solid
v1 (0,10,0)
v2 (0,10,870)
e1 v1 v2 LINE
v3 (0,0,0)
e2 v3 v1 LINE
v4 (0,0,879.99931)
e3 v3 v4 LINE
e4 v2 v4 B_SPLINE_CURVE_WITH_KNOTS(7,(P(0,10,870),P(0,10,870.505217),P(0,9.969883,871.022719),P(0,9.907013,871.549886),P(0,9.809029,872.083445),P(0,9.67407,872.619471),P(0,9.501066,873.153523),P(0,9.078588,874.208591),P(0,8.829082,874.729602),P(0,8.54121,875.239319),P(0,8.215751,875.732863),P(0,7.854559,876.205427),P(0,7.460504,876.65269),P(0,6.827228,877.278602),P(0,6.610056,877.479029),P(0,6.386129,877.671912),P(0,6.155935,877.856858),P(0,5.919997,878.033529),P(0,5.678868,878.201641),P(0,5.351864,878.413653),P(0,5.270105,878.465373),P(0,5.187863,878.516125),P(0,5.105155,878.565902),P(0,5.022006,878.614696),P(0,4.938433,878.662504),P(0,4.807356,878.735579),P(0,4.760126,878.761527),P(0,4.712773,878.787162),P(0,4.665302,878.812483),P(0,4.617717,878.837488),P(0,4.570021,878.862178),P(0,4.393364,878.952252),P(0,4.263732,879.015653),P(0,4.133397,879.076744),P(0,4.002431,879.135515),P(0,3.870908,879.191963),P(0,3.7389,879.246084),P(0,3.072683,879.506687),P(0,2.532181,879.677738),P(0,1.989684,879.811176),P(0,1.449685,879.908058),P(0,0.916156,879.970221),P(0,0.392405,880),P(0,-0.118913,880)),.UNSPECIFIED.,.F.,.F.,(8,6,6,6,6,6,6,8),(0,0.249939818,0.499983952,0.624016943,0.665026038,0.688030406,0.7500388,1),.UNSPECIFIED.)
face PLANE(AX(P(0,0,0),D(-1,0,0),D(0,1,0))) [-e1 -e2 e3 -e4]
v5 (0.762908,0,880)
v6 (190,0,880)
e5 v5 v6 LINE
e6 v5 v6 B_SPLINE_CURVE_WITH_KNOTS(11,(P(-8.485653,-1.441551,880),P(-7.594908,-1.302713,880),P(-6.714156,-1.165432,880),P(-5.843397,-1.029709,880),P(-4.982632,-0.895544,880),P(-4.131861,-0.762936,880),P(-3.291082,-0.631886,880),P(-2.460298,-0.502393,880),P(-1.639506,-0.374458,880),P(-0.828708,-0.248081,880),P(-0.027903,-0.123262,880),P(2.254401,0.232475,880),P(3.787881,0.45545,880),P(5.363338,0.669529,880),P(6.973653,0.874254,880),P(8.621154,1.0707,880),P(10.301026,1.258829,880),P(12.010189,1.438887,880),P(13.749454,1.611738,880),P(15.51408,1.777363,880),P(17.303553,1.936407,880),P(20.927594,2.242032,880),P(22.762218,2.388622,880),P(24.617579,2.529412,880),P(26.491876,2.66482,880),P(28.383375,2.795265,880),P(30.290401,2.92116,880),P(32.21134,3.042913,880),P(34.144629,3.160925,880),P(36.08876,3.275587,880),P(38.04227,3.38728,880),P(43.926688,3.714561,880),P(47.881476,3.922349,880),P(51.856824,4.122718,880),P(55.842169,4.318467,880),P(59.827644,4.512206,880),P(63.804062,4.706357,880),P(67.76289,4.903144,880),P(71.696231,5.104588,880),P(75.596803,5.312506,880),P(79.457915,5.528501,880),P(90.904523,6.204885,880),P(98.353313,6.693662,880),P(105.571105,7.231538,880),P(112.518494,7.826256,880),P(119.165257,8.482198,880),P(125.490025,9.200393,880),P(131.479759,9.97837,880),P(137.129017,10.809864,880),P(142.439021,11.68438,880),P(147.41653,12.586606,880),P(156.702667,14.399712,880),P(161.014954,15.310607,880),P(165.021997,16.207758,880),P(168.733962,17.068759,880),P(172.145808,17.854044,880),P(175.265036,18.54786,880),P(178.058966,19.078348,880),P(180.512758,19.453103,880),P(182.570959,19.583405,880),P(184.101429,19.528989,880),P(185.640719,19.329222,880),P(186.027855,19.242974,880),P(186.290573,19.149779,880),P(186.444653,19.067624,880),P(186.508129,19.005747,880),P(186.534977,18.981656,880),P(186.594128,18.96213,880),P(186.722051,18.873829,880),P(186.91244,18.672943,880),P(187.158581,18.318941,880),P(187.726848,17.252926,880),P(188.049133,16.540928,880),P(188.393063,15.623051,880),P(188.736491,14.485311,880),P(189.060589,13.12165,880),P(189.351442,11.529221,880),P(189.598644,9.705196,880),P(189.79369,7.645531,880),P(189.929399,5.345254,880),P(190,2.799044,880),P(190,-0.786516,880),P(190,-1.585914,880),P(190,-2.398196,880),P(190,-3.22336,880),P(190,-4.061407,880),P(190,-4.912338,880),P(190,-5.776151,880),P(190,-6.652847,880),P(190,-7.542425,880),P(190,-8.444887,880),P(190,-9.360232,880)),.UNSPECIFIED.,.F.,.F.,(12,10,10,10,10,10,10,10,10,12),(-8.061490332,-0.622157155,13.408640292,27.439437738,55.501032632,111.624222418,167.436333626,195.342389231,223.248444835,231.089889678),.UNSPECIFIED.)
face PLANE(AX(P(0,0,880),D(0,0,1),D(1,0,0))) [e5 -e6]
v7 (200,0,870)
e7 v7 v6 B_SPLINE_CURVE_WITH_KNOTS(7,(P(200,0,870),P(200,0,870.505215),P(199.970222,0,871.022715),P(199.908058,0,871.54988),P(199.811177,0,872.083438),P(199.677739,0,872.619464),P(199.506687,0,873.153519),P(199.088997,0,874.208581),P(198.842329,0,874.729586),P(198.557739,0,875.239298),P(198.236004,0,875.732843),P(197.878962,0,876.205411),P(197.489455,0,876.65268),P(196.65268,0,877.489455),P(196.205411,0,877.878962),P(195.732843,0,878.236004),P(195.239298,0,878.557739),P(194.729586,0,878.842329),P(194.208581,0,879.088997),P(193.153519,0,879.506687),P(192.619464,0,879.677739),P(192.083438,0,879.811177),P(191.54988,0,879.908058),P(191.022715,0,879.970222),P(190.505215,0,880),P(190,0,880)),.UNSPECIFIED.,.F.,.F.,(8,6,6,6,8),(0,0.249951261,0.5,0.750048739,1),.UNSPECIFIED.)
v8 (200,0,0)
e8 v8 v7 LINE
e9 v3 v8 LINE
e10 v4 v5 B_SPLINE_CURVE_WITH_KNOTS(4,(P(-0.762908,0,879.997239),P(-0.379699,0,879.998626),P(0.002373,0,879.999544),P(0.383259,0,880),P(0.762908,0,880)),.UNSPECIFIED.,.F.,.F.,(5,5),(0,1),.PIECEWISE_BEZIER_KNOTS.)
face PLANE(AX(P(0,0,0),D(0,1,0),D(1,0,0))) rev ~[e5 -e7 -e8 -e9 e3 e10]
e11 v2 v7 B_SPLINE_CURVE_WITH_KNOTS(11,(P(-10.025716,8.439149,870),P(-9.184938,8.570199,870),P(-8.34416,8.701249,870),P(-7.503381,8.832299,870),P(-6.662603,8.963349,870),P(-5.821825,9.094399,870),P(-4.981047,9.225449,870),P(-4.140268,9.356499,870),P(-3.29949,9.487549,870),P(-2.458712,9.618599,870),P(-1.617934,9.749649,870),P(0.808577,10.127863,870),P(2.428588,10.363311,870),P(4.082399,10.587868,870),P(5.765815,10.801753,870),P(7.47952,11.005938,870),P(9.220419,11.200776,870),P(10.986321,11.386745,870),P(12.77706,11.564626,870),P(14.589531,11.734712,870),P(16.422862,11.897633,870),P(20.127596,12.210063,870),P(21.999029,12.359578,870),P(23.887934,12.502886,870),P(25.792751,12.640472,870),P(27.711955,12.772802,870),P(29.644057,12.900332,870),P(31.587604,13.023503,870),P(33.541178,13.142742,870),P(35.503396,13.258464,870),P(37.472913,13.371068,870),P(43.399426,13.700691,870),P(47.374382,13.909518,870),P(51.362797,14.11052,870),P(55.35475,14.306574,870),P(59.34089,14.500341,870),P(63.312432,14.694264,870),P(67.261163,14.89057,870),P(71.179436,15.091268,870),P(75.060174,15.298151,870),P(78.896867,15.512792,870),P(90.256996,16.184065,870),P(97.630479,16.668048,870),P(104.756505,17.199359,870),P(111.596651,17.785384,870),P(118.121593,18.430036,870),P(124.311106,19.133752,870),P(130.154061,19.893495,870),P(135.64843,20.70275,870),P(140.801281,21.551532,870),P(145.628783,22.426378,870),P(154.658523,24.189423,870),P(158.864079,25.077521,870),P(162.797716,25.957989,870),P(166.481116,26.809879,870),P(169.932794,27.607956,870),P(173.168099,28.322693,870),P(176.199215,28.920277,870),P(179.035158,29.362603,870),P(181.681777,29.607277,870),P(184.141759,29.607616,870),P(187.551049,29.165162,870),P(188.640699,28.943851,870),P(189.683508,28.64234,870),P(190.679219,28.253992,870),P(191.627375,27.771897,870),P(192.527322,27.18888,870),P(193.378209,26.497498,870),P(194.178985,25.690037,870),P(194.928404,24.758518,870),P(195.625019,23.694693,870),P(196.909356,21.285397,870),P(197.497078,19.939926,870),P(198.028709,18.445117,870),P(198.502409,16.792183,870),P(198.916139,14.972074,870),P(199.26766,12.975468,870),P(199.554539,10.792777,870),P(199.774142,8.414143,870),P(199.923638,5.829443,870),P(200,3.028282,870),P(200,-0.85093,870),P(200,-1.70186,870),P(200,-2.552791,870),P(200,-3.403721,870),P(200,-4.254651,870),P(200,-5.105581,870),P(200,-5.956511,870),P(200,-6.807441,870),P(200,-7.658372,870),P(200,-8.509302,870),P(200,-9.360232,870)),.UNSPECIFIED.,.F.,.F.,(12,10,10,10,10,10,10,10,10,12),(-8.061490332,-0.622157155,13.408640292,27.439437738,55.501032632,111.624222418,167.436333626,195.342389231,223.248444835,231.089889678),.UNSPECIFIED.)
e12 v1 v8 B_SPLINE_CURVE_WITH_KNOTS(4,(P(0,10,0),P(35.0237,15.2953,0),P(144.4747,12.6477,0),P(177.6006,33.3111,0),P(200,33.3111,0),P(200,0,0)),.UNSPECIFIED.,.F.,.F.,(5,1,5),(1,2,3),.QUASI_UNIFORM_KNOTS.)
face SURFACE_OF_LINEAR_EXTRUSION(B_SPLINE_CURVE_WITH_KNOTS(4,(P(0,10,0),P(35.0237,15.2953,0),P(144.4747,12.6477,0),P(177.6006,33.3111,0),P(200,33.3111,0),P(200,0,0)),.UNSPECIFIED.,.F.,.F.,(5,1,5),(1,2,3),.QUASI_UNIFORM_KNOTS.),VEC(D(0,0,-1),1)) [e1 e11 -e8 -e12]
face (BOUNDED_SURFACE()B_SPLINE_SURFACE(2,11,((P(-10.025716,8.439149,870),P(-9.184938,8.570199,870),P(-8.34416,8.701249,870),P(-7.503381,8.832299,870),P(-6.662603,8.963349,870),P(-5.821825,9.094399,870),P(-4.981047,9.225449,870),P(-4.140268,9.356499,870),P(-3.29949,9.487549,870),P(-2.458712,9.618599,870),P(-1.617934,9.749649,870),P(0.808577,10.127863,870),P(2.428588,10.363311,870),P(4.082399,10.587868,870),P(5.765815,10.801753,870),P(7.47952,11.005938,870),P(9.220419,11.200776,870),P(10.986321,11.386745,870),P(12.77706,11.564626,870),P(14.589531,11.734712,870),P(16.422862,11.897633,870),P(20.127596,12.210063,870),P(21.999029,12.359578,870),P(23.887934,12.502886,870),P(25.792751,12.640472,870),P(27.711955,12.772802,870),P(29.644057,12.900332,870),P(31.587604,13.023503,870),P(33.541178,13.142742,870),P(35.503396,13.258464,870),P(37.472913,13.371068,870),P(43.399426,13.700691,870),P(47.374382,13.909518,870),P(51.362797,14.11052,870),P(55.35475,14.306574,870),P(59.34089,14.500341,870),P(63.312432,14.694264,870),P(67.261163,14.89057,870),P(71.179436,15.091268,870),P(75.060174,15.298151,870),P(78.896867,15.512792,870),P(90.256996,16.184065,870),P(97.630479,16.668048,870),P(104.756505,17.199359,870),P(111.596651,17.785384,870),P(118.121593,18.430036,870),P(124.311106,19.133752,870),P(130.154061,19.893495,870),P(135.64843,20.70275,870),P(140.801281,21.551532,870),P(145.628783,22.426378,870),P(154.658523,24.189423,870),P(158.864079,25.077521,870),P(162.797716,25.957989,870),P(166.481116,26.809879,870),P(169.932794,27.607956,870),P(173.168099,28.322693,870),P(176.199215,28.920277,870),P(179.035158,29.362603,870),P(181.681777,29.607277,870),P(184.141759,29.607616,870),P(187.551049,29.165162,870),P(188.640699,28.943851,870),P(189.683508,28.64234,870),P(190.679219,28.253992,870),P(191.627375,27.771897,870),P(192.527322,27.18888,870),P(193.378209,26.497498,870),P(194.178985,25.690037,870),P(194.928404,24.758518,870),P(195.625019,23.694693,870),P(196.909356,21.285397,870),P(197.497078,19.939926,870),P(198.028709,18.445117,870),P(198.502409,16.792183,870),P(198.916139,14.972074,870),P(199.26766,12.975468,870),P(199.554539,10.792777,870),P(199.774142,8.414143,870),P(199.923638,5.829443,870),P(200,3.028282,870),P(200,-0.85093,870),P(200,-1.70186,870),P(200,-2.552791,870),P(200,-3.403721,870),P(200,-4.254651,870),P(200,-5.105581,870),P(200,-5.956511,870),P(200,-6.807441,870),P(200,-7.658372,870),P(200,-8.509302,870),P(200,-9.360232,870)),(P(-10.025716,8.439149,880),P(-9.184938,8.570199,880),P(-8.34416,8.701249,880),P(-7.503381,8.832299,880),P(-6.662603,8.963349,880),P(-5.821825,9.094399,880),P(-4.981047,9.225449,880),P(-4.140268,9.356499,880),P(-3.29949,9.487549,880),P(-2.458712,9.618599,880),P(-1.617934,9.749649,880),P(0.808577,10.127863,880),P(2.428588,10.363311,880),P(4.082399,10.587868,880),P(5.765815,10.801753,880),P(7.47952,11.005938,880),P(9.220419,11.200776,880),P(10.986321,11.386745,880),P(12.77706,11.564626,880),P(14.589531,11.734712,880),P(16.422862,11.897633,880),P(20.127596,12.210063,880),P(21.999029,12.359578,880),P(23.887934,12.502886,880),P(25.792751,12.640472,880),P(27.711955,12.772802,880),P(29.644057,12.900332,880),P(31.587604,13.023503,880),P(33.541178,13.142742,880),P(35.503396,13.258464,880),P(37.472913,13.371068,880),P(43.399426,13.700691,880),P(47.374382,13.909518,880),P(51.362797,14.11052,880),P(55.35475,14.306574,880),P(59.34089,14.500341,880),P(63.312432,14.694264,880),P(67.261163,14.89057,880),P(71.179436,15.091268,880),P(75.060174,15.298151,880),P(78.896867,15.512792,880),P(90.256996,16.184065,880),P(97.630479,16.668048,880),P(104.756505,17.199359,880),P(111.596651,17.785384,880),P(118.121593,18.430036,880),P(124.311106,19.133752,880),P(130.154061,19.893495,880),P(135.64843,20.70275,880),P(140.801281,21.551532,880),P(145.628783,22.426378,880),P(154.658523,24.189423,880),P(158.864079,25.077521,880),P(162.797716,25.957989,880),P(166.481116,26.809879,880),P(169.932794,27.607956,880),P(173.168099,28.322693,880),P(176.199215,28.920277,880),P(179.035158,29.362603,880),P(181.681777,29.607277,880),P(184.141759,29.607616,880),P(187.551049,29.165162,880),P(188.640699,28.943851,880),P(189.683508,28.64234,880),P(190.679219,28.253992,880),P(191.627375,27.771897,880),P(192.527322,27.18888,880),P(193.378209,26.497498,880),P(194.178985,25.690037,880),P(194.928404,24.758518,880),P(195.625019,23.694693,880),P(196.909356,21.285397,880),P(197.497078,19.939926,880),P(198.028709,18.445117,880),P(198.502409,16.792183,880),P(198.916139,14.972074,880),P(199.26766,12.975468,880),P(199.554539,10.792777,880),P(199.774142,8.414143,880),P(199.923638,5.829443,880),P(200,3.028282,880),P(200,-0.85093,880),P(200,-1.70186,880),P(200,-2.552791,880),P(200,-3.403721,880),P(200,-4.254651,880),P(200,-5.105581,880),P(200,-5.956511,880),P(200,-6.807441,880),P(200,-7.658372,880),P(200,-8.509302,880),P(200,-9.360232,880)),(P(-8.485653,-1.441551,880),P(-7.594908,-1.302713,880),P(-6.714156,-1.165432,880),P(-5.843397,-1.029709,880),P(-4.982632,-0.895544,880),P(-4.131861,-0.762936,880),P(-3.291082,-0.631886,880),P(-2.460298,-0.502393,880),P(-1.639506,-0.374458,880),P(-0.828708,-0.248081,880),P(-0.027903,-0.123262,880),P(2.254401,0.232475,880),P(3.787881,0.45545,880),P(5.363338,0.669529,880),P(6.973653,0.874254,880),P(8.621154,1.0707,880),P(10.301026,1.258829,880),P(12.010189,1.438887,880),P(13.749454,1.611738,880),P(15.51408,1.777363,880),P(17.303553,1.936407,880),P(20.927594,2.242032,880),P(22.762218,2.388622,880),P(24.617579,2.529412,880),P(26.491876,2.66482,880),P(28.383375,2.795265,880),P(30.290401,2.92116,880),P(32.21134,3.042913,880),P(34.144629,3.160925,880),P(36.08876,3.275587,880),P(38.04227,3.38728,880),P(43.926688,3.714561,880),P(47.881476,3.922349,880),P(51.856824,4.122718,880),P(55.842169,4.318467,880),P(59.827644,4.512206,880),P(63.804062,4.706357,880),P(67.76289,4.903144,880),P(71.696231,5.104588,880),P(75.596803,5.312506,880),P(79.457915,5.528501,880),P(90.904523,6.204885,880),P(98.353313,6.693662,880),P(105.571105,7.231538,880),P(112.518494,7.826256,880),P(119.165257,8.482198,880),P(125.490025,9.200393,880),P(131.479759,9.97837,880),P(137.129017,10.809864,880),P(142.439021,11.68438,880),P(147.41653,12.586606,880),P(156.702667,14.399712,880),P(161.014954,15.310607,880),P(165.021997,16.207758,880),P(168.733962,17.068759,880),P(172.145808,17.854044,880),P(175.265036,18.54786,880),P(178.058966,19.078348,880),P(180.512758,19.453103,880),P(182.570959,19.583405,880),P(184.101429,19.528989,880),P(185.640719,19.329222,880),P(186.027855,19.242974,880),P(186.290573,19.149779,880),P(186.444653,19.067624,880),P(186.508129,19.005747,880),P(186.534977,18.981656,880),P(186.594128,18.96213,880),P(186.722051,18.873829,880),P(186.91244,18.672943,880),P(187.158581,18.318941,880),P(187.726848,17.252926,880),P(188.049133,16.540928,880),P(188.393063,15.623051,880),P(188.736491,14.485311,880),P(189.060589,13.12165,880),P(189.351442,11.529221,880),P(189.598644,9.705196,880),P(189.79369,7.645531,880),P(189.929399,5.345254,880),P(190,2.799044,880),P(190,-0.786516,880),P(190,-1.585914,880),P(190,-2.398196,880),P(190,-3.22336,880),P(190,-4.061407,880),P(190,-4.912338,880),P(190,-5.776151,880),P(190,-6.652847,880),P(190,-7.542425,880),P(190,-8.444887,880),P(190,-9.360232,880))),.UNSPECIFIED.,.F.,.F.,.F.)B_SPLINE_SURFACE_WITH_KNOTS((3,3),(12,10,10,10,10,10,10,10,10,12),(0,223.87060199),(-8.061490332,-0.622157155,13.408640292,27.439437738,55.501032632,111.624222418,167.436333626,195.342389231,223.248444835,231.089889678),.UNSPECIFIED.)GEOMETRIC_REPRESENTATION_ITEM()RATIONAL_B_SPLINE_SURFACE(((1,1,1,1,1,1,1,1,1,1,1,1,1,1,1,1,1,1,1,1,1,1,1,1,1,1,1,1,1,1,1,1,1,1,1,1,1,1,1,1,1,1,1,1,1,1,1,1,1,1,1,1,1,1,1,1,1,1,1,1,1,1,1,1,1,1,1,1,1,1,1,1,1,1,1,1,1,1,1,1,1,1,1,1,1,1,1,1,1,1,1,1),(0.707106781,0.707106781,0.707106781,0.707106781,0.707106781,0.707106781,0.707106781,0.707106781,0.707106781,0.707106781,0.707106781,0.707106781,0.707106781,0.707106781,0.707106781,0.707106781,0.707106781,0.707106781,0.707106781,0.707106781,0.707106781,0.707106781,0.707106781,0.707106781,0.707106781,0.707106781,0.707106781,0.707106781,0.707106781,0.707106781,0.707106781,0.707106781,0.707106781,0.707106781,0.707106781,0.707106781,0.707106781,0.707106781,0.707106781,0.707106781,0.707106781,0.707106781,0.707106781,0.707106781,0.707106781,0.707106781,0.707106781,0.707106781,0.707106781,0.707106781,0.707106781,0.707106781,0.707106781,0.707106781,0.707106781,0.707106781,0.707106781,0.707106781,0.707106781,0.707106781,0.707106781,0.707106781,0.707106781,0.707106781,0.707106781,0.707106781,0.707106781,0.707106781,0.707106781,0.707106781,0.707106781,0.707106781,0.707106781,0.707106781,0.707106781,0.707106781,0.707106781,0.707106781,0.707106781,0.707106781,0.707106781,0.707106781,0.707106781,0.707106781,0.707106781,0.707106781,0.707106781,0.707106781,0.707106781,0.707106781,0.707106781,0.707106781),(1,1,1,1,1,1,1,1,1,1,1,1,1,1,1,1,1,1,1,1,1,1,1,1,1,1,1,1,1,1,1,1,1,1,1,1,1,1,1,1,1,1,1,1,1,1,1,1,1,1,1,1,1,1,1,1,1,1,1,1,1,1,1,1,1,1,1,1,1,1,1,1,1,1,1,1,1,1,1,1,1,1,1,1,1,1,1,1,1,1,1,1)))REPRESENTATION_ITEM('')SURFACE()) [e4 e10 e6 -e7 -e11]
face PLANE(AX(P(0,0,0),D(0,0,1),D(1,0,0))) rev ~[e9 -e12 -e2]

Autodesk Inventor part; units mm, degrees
ref_plane "YZ Plane" through (0, 0, 0) normal (1, 0, 0) x (0, 1, 0)
ref_plane "XZ Plane" through (0, 0, 0) normal (0, 1, 0) x (-1, 0, 0)
ref_plane "XY Plane" through (0, 0, 0) normal (0, 0, 1) x (1, 0, 0)
sketch "Sketch1" plane through (0, 0, 0) normal (0, 0, 1) x (1, 0, 0)
  line L0 (0, 0) -> (200, 0)
  line L1 (0, 0) -> (0, 10)
  line L2 (0, 10) -> (35.0237, 15.2953) construction
  line L3 (35.0237, 15.2953) -> (144.4747, 12.6477) construction
  line L4 (144.4747, 12.6477) -> (177.6006, 33.3111) construction
  line L5 (177.6006, 33.3111) -> (200, 33.3111) construction
  line L6 (200, 33.3111) -> (200, 0) construction
  spline S0 degree 4 poles (0, 10) (35.0237, 15.2953) (144.4747, 12.6477) (177.6006, 33.3111) (200, 33.3111) (200, 0) knots 1 1 1 1 1 2 3 3 3 3 3
  dimension "d0" = 200
  dimension "d1" = 10
extrude "Extrusion1" add sketch "Sketch1" along normal blind 880
fillet "Fillet1" radius 10 1 edges at (150.1562, 23.3103, 880)
properties part number "RightBackCushion"
